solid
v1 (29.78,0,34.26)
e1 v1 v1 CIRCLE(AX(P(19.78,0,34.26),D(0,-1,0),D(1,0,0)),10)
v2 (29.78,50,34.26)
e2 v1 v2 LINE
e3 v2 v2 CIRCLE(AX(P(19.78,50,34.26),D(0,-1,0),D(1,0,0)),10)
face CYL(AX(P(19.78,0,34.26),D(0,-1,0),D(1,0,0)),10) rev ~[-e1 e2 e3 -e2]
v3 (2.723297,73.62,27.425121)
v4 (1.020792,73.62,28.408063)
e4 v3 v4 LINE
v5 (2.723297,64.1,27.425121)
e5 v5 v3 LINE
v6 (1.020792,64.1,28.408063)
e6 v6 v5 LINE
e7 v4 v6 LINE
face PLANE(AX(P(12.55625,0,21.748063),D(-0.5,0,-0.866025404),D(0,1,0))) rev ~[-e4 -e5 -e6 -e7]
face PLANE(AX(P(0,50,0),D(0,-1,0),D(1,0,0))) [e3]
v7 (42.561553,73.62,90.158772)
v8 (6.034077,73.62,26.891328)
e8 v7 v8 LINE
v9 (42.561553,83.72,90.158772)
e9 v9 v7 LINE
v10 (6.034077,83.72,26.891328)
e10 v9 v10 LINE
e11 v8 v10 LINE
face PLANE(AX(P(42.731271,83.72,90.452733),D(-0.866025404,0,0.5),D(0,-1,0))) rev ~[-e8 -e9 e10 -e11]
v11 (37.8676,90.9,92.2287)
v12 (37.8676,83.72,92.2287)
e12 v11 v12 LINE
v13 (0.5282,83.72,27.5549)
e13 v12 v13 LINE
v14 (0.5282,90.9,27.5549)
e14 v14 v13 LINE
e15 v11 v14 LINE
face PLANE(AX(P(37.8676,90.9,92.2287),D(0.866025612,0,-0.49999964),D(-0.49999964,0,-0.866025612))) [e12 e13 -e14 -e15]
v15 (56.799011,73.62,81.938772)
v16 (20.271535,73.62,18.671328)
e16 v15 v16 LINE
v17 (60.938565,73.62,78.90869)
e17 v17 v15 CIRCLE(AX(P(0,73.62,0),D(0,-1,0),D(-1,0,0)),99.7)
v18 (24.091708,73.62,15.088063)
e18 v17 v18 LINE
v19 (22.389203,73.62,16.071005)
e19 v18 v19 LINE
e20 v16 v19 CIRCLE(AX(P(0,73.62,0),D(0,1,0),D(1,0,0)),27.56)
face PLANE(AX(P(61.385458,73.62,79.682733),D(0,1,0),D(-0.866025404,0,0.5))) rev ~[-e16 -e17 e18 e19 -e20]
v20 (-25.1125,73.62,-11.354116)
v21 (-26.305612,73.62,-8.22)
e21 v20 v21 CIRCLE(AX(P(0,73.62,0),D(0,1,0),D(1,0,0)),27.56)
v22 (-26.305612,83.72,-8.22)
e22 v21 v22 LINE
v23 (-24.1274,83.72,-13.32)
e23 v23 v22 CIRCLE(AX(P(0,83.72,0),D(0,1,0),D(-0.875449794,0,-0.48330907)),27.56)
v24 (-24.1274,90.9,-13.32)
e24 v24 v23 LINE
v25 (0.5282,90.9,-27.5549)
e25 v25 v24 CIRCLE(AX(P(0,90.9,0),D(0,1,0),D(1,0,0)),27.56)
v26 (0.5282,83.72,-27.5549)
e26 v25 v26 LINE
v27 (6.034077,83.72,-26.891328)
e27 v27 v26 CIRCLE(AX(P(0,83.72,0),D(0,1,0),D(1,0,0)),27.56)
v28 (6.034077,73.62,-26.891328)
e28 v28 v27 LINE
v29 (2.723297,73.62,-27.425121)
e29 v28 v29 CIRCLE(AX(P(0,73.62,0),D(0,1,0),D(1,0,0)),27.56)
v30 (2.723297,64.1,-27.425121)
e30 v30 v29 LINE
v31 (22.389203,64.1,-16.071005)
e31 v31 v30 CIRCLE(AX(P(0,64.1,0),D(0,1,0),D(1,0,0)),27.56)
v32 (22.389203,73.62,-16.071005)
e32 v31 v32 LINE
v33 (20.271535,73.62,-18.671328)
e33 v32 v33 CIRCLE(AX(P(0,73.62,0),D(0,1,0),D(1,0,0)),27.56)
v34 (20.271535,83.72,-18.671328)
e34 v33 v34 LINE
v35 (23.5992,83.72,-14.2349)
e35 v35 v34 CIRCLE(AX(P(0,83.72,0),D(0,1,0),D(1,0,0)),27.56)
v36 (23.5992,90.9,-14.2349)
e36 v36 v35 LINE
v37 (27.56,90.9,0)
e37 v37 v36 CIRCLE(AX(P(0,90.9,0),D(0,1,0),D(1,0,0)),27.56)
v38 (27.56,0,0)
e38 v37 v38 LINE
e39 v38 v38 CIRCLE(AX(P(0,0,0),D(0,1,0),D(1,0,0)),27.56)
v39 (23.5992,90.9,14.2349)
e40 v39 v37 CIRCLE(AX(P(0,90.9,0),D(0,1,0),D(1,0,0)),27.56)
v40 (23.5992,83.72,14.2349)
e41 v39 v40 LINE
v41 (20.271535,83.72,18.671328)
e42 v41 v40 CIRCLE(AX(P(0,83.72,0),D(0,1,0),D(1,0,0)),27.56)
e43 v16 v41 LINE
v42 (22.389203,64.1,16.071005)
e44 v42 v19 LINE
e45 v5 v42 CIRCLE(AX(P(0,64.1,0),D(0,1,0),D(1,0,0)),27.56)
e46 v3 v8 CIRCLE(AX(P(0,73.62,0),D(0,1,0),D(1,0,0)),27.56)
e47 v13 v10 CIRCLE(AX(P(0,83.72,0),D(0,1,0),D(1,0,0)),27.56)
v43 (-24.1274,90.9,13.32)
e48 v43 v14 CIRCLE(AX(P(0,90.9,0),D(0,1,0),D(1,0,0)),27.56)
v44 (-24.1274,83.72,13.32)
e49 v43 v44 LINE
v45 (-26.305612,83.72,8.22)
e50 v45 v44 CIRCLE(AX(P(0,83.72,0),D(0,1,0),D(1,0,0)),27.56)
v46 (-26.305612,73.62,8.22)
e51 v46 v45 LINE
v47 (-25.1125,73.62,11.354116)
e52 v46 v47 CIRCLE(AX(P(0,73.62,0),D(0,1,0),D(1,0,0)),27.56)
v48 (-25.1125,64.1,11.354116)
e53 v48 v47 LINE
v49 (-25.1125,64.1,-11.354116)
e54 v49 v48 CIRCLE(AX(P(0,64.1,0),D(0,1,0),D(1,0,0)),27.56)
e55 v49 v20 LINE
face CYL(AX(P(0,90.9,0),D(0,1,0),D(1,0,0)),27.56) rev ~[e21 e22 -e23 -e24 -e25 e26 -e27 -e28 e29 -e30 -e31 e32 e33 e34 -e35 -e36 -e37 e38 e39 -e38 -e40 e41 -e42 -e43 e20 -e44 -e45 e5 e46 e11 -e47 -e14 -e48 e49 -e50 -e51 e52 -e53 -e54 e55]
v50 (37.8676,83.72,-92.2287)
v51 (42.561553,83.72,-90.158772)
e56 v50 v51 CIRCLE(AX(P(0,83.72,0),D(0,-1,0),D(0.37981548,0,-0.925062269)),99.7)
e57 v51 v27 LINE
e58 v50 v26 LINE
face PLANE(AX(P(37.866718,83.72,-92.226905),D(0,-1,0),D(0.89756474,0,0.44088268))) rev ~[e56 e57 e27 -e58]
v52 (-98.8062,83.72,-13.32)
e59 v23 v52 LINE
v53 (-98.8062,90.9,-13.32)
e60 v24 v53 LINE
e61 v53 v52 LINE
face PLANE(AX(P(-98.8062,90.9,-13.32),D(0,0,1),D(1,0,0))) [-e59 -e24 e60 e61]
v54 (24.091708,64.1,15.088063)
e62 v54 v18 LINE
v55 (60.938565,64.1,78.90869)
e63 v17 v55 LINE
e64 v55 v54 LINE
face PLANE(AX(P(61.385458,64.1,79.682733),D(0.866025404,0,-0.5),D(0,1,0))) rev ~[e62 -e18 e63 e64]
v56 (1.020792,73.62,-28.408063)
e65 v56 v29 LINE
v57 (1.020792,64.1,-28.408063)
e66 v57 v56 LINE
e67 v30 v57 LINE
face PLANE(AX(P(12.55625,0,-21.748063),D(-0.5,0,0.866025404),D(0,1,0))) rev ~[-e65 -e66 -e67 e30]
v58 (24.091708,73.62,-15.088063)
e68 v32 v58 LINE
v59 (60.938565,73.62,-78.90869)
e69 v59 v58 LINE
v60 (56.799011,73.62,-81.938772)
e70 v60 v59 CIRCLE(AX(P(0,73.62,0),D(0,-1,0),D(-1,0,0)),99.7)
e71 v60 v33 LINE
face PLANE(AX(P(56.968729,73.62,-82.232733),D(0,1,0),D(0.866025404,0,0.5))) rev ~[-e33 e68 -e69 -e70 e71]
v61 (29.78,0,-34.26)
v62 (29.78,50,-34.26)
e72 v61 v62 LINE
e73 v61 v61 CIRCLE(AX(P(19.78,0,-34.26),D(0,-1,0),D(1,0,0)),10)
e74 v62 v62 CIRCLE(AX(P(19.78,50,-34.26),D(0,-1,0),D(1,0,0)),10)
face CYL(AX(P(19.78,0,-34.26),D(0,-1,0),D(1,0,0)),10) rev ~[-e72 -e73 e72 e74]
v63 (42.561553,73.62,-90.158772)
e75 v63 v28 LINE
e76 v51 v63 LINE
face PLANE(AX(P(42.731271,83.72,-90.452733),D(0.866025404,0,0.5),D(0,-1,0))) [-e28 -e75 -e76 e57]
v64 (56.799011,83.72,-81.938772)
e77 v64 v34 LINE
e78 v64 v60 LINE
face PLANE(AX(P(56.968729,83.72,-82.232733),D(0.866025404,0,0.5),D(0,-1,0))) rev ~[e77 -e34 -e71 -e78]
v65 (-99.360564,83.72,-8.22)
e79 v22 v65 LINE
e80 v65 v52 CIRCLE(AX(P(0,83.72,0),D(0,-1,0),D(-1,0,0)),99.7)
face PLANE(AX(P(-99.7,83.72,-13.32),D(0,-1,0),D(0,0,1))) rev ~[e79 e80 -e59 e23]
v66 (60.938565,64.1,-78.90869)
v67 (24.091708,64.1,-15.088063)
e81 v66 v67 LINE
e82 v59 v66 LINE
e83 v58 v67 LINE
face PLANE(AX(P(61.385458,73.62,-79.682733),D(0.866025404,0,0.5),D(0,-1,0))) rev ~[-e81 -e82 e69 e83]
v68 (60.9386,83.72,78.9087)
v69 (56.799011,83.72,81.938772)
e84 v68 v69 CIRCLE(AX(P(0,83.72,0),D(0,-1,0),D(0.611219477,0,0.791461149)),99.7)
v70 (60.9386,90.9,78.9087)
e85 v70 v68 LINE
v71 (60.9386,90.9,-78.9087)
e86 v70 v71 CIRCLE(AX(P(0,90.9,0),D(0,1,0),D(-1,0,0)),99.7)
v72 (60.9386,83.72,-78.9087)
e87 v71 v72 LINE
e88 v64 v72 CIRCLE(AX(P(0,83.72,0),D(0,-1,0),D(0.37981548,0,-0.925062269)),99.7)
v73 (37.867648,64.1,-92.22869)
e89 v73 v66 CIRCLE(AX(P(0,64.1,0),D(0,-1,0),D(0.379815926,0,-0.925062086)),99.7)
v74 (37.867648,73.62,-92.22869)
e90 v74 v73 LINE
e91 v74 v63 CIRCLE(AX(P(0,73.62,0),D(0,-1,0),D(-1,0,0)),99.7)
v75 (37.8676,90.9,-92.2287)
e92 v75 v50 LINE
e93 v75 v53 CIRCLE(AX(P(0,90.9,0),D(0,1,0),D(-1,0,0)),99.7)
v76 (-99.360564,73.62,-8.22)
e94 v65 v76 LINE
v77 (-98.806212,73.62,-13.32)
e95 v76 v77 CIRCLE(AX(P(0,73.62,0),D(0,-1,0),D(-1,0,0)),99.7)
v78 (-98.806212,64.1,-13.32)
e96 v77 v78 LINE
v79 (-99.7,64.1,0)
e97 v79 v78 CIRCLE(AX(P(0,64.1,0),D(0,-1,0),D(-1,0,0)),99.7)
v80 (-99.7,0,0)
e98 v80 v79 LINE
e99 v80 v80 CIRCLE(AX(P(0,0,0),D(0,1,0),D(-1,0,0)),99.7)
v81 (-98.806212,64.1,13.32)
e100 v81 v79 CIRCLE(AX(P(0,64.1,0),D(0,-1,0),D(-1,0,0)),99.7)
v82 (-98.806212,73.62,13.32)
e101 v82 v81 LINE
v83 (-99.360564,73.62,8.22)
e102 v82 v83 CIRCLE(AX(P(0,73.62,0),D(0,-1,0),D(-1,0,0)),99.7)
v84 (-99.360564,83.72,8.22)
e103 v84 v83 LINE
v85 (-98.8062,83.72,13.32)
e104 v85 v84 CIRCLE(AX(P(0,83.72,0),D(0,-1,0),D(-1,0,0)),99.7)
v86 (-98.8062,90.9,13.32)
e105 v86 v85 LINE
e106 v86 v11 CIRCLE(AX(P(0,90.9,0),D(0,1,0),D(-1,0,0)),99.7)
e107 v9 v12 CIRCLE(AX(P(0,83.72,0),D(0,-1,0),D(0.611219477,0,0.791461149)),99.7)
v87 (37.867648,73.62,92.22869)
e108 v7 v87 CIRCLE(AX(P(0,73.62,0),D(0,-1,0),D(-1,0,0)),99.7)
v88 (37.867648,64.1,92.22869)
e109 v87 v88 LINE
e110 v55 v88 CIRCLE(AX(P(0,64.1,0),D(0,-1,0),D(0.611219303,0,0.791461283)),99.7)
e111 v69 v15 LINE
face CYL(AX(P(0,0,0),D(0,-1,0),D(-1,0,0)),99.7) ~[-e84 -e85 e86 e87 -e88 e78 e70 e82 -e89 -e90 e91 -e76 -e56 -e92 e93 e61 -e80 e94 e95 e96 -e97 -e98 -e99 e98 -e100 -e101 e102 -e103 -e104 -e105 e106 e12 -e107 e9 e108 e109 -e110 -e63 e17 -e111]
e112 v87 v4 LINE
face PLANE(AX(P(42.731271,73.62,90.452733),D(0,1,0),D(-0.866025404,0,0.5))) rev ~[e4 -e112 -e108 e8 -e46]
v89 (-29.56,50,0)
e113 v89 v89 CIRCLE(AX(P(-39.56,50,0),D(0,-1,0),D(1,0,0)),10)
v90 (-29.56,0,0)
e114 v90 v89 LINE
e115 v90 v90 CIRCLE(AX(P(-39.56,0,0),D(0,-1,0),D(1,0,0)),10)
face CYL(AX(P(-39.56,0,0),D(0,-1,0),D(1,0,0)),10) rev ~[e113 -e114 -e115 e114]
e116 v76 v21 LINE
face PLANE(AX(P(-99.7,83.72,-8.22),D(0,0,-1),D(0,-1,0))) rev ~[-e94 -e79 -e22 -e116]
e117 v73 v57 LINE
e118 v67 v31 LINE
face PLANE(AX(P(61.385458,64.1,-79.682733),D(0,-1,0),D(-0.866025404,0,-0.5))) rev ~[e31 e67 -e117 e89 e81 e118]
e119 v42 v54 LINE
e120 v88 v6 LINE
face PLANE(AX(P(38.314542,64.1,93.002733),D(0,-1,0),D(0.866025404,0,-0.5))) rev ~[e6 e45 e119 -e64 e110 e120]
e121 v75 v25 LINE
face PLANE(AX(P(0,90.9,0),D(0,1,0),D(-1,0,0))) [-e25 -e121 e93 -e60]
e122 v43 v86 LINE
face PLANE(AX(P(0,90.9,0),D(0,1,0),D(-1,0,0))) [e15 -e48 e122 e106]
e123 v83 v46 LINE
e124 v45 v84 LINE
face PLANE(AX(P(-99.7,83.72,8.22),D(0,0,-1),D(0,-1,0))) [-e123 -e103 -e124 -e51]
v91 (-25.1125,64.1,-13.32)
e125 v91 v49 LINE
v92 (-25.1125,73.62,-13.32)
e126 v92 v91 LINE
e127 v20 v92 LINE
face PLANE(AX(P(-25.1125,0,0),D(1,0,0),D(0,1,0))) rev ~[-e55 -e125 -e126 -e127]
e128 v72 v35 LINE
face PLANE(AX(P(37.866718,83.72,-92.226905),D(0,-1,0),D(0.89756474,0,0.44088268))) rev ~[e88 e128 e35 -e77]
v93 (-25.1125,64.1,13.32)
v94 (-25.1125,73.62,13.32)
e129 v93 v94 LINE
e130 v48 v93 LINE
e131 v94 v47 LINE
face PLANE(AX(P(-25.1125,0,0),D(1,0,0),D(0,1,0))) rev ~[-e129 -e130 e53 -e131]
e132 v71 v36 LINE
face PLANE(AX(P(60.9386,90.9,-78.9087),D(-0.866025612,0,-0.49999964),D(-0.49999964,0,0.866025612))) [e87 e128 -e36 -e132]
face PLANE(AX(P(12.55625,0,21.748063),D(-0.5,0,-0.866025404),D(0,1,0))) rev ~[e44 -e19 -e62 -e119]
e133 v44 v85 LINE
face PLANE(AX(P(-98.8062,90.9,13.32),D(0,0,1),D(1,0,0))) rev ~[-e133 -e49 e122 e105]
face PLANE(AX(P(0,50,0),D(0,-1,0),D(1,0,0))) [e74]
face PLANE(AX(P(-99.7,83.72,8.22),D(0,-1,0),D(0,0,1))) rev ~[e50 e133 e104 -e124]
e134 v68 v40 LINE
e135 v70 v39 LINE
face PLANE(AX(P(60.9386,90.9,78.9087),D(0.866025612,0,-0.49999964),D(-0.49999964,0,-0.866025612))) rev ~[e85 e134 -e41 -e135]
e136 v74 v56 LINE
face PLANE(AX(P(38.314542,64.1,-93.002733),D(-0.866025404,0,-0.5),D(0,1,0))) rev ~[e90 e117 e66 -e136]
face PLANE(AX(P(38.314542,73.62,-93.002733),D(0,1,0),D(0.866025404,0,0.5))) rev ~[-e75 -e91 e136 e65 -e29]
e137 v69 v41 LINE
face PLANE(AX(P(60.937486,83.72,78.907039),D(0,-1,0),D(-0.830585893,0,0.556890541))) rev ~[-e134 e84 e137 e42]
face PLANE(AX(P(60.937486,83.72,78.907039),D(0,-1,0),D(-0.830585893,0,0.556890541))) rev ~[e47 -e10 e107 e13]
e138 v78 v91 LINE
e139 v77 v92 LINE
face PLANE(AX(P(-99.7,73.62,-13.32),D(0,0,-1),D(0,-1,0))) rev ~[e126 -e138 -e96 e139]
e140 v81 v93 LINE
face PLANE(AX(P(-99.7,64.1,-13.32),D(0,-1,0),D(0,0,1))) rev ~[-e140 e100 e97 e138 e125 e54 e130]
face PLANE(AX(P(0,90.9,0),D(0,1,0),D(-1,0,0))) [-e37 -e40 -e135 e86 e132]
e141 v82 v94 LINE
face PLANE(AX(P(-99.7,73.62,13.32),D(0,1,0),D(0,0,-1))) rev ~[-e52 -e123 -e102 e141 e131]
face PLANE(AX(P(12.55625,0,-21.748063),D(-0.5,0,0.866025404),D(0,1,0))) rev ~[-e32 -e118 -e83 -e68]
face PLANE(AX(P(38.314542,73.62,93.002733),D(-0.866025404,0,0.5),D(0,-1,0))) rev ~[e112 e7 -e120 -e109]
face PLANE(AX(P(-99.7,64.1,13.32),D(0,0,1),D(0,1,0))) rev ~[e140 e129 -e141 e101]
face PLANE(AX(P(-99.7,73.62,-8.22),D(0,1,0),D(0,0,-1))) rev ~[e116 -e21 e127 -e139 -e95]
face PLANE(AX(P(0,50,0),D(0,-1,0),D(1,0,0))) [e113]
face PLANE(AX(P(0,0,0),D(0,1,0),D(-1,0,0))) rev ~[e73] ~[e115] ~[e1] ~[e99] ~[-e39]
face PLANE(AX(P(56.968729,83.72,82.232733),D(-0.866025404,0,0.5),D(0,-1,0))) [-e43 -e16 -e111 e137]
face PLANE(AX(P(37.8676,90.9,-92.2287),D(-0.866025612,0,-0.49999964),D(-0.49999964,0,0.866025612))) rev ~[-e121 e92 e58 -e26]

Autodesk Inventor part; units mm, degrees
ref_plane "XZ Plane" through (0, 0, 0) normal (0, 1, 0) x (-1, 0, 0)
ref_plane "XY Plane" through (0, 0, 0) normal (0, 0, 1) x (1, 0, 0)
sketch "Sketch1" plane through (0, 0, 0) normal (0, 1, 0) x (-1, 0, 0)
  circle A0 centre (0, 0) radius 99.7
extrude "Extrusion1" add sketch "Sketch1" along normal blind 90.9
sketch "Sketch2" plane through (0, 90.9, 0) normal (0, 1, 0) x (1, 0, 0)
  circle A0 centre (0, 0) radius 27.56
  dimension "d3" = 55.12
extrude "Extrusion2" cut sketch "Sketch2" against normal blind 90.9
sketch "Sketch3" plane through (0, 90.9, 0) normal (0, 1, 0) x (1, 0, 0)
  circle A0 centre (0, 0) radius 99.7 projected
  line L0 (-99.7, 0) -> (-98.8062, 13.32)
  line L1 (-98.8062, 13.32) -> (-24.1274, 13.32)
  circle A1 centre (0, 0) radius 27.56 projected
  line L2 (-99.7, 0) -> (-98.8062, -13.32)
  line L3 (-98.8062, -13.32) -> (-24.1274, -13.32)
  line L4 (37.8676, -92.2287) -> (0.5282, -27.5549)
  line L5 (49.85, -86.3427) -> (37.8676, -92.2287)
  line L6 (49.85, -86.3427) -> (60.9386, -78.9087)
  line L7 (60.9386, -78.9087) -> (23.5992, -14.2349)
  line L8 (60.9386, 78.9087) -> (23.5992, 14.2349)
  line L9 (49.85, 86.3427) -> (60.9386, 78.9087)
  line L10 (49.85, 86.3427) -> (37.8676, 92.2287)
  line L11 (37.8676, 92.2287) -> (0.5282, 27.5549)
  line L12 (-24.1274, 13.32) -> (-24.1274, -13.32)
  line L13 (0.5282, 27.5549) -> (23.5992, 14.2349)
  line L14 (23.5992, -14.2349) -> (0.5282, -27.5549)
  dimension "d6" = 13.35
  dimension "d15" = 360
extrude "Extrusion6" cut sketch "Sketch3" against normal blind 7.18 contours L8 A1 L11 L10 L9 | L6 L5 L4 A1 L7 | L13 A1 | A1 L14 | L1 A1 L3 L2 L0
sketch "Sketch7" plane through (49.85, 83.72, -86.3427) normal (-0.5569, 0, 0.8306) x (0.8306, 0, 0.5569)
  line L0 (13.35, 7.18) -> (0, 7.18) projected
  line L1 (13.35, 0) -> (13.35, 7.18) projected
  line L2 (0, 7.18) -> (13.35, 7.18)
  line L3 (13.35, 0) -> (18.3498, 0) projected
  line L4 (13.35, 7.18) -> (13.35, 0)
  line L5 (0, 7.18) -> (0, 0) projected
  line L6 (13.35, 0) -> (0, 0)
  line L7 (0, 0) -> (0, 6.2119)
  line L8 (0, 7.18) -> (-13.2303, 7.18) projected
  line L9 (-13.2303, 4.6736) -> (0, 7.18)
  line L10 (0, 7.18) -> (0, 0)
  line L11 (-13.2303, -2.9965) -> (-13.2303, 4.6736)
  line L12 (-13.2303, 0) -> (-13.2303, 7.18) projected
  point P0 (6.675, -83.72)
extrude "Extrusion7" cut sketch "Sketch7" against normal blind 10 contours L1 L6 L5 L0
sketch "Sketch8" plane through (37.8676, 83.72, -92.2287) normal (-0.4409, 0, 0.8976) x (0.8976, 0, 0.4409)
  line L0 (0, 0) -> (0, 7.18) projected
  line L1 (-4.9998, 0) -> (0, 0) projected
  line L2 (0, 7.18) -> (0, 0)
  line L3 (0, 0) -> (13.35, 0) projected
  line L4 (0, 0) -> (13.35, 0)
  line L5 (13.35, 7.18) -> (13.35, 0) projected
  line L6 (13.35, 0) -> (13.35, 7.18)
  line L7 (0, 7.18) -> (13.35, 7.18) projected
  line L8 (13.35, 7.18) -> (0, 7.18)
  line L9 (0, 7.18) -> (0, 4.7035)
  point P0 (6.675, -83.72)
extrude "Extrusion8" cut sketch "Sketch8" against normal blind 10
sketch "Sketch10" plane through (49.85, 83.72, 86.3427) normal (-0.4409, 0, -0.8976) x (-0.8976, 0, 0.4409)
  line L0 (0, 7.18) -> (13.35, 7.18) projected
  line L1 (13.35, 7.18) -> (18.3498, 7.18) projected
  line L2 (0, 7.18) -> (13.35, 7.18)
  line L3 (13.35, 0) -> (18.3498, 0) projected
  line L4 (13.35, 7.18) -> (13.35, 0)
  line L5 (0, 0) -> (13.35, 0) projected
  line L6 (13.35, 0) -> (0, 0)
  line L7 (0, 0) -> (0, 7.18)
  line L8 (0, 7.18) -> (0, 0) projected
  point P0 (6.675, -83.72)
extrude "Extrusion9" cut sketch "Sketch10" against normal blind 10
sketch "Sketch11" plane through (60.9386, 83.72, 78.9087) normal (-0.5569, 0, -0.8306) x (-0.8306, 0, 0.5569)
  line L0 (-4.9998, 7.18) -> (0, 7.18) projected
  line L1 (96.1615, 7.18) -> (0, 7.18) projected
  line L2 (0, 7.18) -> (13.35, 7.18)
  line L3 (0, 0) -> (13.35, 0) projected
  line L4 (13.35, 7.18) -> (13.35, 0)
  line L5 (13.35, 0) -> (0, 0)
  line L6 (0, 0) -> (0, 7.18) projected
  line L7 (0, 0) -> (0, 7.18)
  point P0 (6.675, -83.72)
extrude "Extrusion10" cut sketch "Sketch11" against normal blind 10
sketch "Sketch12" plane through (0, 90.9, 0) normal (0, 1, 0) x (1, 0, 0)
  arc A0 (37.8676, -92.2287) -> (60.9386, -78.9087) centre (0, 0) ccw projected
  arc A1 (-99.7, 0) -> (-98.8062, -13.32) centre (0, 0) ccw projected
  arc A2 (60.9386, 78.9087) -> (37.8676, 92.2287) centre (0, 0) ccw projected
  circle A3 centre (0, 0) radius 99.7 projected
  arc A4 (-98.8062, -13.32) -> (37.8676, -92.2287) centre (0, 0) ccw projected
  arc A5 (-98.8062, 13.32) -> (-99.7, 0) centre (0, 0) ccw projected
  arc A6 (37.8676, 92.2287) -> (-98.8062, 13.32) centre (0, 0) ccw projected
  arc A7 (60.9386, -78.9087) -> (60.9386, 78.9087) centre (0, 0) ccw projected
  point P0 (-99.7, 0)
sketch "Sketch13" plane through (0, 83.72, 0) normal (0, 1, 0) x (1, 0, 0)
  arc A0 (60.9386, 78.9087) -> (37.8676, 92.2287) centre (0, 0) ccw projected
ref_plane "Work Plane10" through (-99.7, 0, 0) normal (1, 0, 0) x (0, 1, 0)
sketch "Sketch16" plane through (-99.7, 0, 0) normal (1, 0, 0) x (0, 1, 0)
  line L0 (83.72, 0) -> (83.72, -13.32) projected
  line L1 (83.72, -8.22) -> (73.62, -8.22)
  line L2 (83.72, 13.32) -> (83.72, 0) projected
  line L3 (83.72, 8.22) -> (73.62, 8.22)
  line L4 (73.62, -8.22) -> (73.62, -13.32)
  line L5 (73.62, -13.32) -> (64.1, -13.32)
  line L6 (64.1, -13.32) -> (64.1, 13.32)
  line L7 (64.1, 13.32) -> (73.62, 13.32)
  line L8 (73.62, 13.32) -> (73.62, 8.22)
  line L9 (83.72, -8.22) -> (83.72, 8.22)
  point P0 (0, 0)
  dimension "d36" = 9.52
extrude "Extrusion11" cut sketch "Sketch16" along normal blind 74.5875
sketch "Sketch18" plane through (-98.8062, 83.72, -13.32) normal (0.9978, 0, 0.067) x (0.067, 0, -0.9978)
  line L0 (0, 0) -> (0, 7.18) projected
  line L1 (0, 7.18) -> (0, 0)
  arc A0 (0, 0) -> (-2.79, 0) centre (-1.395, 0) ccw
  line L2 (-13.35, 0) -> (-21.5289, 0) projected
  line L3 (-2.79, 0) -> (-13.35, 0)
  arc A1 (-13.35, 2.7204) -> (-13.35, 0) centre (-13.35, 1.3602) ccw
  line L4 (-13.35, 2.7204) -> (-13.35, 7.18)
  line L5 (-19.298, 7.18) -> (9.1079, 7.18) projected
  point P0 (-6.675, -83.72)
extrude "Extrusion12" cut sketch "Sketch18" along normal blind 74.5875
sketch "Sketch20" plane through (-99.7, 0, 0) normal (1, 0, 0) x (0, 1, 0)
  line L0 (90.9, 0) -> (90.9, -13.32) projected
  line L1 (83.72, -13.32) -> (90.9, -13.32) projected
  line L2 (90.9, -13.32) -> (83.72, -13.32)
  line L3 (83.72, 8.22) -> (83.72, 13.32) projected
  line L4 (83.72, -13.32) -> (83.72, 13.32)
  line L5 (83.72, 13.32) -> (90.9, 13.32)
  line L6 (90.9, 13.32) -> (90.9, -13.32)
  point P0 (0, 0)
extrude "Extrusion13" cut sketch "Sketch20" along normal blind 10
pattern_circular "Circular Pattern1" count 3 over 360 about axis through (0, 90.9, 0) along (0, -1, 0) of "Extrusion11"
sketch "Sketch21" plane through (0, 0, 0) normal (0, -1, 0) x (1, 0, 0)
  arc A0 (-98.8062, -13.32) -> (37.8676, -92.2287) centre (0, 0) ccw projected
  circle A1 centre (-39.56, 0) radius 10
  circle A2 centre (19.78, -34.26) radius 10
  circle A3 centre (19.78, 34.26) radius 10
  point P0 (-25.1125, 13.32)
  dimension "d50" = 360
extrude "Extrusion14" cut sketch "Sketch21" against normal blind 50
properties part number "3 jaww" material "Steel"
